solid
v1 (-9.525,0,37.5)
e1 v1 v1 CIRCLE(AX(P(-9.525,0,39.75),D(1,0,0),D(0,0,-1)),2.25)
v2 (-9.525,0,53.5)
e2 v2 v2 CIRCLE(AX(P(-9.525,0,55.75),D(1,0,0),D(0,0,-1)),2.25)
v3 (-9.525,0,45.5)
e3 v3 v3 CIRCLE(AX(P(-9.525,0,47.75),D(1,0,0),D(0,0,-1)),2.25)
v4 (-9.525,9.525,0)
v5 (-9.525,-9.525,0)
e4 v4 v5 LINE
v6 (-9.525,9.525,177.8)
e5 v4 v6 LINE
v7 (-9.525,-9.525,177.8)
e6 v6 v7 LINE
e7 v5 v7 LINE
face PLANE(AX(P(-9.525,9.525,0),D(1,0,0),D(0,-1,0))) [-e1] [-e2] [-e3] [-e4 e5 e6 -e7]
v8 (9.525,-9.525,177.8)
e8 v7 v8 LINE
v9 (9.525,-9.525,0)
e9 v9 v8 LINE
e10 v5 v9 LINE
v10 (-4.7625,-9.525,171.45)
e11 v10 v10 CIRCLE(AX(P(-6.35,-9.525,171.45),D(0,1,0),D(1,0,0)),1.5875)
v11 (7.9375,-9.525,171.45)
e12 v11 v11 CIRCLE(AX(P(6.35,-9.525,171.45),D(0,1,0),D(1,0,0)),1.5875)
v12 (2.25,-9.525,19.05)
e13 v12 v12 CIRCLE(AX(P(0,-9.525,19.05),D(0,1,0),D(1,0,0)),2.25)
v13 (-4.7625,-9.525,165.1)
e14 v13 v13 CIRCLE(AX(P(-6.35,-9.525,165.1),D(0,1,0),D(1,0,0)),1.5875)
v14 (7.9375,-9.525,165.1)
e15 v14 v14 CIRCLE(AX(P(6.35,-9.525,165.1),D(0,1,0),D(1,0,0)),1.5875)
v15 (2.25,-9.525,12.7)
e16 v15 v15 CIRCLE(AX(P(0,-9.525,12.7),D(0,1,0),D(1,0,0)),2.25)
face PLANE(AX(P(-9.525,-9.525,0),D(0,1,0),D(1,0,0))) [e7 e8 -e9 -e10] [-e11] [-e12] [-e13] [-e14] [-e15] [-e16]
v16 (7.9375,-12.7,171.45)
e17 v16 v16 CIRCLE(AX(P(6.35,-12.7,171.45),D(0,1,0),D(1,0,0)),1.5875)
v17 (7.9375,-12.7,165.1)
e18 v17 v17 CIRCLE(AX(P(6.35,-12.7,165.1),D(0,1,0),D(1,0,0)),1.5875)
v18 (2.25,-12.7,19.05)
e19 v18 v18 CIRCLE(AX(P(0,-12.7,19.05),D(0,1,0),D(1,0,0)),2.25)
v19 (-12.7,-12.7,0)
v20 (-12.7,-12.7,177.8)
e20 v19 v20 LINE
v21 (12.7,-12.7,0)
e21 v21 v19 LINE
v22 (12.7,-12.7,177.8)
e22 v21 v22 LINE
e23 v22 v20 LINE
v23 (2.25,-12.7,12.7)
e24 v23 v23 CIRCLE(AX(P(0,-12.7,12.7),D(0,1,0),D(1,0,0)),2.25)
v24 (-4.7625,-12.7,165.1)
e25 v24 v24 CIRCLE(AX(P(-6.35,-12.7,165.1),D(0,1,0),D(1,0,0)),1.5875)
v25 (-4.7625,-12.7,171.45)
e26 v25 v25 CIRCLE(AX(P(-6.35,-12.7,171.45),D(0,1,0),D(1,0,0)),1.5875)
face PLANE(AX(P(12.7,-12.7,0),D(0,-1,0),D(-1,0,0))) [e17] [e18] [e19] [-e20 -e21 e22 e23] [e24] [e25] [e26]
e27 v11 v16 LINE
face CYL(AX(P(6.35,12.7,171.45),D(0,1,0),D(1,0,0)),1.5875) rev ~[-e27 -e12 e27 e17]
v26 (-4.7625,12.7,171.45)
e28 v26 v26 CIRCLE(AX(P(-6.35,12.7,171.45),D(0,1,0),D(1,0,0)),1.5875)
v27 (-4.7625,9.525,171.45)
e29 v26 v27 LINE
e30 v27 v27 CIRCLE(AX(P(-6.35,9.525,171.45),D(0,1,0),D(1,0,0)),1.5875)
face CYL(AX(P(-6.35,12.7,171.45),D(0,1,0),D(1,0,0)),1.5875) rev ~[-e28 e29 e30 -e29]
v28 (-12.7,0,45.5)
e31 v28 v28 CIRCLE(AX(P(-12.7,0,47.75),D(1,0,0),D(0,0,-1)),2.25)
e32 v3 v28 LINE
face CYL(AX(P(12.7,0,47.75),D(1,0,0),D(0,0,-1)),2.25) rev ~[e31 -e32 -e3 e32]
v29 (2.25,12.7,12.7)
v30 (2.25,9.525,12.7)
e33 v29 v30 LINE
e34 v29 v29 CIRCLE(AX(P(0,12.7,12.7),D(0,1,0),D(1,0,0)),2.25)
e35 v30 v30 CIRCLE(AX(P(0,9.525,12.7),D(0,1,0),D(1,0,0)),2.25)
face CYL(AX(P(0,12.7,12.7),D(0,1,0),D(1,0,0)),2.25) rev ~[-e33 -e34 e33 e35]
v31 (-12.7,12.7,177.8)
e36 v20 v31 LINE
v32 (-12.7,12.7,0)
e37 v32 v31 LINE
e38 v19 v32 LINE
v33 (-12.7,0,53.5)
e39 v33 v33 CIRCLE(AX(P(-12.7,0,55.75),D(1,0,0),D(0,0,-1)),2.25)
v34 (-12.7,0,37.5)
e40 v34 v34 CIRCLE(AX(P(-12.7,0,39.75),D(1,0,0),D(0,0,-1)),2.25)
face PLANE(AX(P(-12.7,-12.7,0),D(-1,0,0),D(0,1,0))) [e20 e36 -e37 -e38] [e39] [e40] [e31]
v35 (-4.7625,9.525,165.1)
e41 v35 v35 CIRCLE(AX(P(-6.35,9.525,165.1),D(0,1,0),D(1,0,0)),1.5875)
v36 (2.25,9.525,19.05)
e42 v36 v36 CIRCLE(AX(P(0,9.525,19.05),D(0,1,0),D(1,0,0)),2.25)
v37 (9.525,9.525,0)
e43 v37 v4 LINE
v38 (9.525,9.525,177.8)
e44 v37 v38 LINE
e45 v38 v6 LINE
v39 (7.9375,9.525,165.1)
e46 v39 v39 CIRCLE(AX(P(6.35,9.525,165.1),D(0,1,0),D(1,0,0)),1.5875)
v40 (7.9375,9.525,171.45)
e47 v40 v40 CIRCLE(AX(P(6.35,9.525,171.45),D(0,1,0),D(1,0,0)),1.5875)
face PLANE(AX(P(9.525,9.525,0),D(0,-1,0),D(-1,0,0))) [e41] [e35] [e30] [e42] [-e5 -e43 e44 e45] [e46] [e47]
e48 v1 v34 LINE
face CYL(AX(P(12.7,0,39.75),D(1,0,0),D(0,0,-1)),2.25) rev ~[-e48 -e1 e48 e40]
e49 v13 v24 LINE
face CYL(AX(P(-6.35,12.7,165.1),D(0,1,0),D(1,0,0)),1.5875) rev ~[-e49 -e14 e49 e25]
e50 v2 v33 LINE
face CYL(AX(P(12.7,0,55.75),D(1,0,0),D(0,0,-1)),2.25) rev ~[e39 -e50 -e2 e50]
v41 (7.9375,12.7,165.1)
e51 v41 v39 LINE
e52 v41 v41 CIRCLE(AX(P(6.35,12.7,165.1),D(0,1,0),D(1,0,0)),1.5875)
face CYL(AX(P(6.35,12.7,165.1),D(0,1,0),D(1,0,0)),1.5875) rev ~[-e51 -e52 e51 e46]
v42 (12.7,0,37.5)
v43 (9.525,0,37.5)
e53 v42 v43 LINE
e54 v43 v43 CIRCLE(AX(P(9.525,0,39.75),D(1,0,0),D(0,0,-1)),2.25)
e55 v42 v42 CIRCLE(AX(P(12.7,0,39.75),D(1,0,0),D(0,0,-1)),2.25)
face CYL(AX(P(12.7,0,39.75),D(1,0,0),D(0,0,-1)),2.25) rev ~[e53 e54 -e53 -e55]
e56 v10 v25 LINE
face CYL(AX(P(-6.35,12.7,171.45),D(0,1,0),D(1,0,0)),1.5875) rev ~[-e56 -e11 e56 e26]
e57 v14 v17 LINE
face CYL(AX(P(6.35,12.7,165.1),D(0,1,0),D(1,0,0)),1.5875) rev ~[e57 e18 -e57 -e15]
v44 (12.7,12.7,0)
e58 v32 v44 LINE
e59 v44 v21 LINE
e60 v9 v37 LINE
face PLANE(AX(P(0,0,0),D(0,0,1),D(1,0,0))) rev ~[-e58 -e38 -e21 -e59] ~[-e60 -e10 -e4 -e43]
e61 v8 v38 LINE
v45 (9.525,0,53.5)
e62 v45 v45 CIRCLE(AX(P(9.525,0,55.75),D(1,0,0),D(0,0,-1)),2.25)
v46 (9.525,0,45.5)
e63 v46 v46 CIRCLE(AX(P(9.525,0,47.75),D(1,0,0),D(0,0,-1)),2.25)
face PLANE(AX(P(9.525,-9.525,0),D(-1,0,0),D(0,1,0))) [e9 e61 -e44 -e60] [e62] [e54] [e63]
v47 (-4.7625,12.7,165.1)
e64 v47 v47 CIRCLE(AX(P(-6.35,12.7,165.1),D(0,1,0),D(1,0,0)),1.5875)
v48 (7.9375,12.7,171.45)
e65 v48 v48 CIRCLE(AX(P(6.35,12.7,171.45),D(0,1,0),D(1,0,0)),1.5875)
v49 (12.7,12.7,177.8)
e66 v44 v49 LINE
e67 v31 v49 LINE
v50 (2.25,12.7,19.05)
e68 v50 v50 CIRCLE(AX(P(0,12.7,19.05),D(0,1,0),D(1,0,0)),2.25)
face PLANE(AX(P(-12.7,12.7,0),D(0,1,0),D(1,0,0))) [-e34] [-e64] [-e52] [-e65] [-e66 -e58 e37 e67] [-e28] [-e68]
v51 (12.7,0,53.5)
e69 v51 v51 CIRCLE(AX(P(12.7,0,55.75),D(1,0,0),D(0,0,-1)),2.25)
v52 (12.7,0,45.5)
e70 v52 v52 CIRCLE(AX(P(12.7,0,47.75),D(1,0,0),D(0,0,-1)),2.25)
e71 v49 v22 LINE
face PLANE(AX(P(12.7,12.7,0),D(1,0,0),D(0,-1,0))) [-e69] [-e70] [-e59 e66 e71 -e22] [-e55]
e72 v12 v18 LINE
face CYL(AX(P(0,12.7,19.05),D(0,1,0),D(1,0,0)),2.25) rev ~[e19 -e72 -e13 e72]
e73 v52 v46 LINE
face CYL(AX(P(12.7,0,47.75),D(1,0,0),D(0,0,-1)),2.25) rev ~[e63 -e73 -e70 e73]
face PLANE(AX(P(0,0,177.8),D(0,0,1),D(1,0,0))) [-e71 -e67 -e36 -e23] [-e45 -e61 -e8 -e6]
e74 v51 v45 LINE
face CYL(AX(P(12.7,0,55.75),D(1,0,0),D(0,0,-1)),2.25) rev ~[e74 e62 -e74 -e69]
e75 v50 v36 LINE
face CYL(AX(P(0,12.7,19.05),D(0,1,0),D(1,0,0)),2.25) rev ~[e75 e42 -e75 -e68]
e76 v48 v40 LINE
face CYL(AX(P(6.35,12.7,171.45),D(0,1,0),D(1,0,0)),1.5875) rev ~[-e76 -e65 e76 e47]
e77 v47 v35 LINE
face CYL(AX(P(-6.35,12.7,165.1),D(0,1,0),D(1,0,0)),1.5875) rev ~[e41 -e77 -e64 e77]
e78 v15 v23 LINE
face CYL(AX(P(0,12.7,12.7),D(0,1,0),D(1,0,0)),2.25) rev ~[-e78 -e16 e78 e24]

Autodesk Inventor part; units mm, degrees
ref_plane "YZ Plane" through (0, 0, 0) normal (1, 0, 0) x (0, 1, 0)
ref_plane "XZ Plane" through (0, 0, 0) normal (0, 1, 0) x (-1, 0, 0)
ref_plane "XY Plane" through (0, 0, 0) normal (0, 0, 1) x (1, 0, 0)
sketch "Sketch1" plane through (0, 0, 0) normal (0, 0, 1) x (1, 0, 0)
  line L0 (12.7, -12.7) -> (-12.7, -12.7)
  line L1 (-12.7, -12.7) -> (-12.7, 12.7)
  line L2 (-12.7, 12.7) -> (12.7, 12.7)
  line L3 (12.7, 12.7) -> (12.7, -12.7)
  line L4 (12.7, -12.7) -> (-12.7, 12.7) construction
  line L5 (-12.7, -12.7) -> (12.7, 12.7) construction
  line L6 (9.525, 9.525) -> (-9.525, 9.525)
  line L7 (-9.525, 9.525) -> (-9.525, -9.525)
  line L8 (-9.525, -9.525) -> (9.525, -9.525)
  line L9 (9.525, -9.525) -> (9.525, 9.525)
  point P0 (0, 0)
  dimension "d0" = 25.4
  dimension "d1" = 25.4
  dimension "d2" = 3.175
extrude "Extrusion1" add sketch "Sketch1" along normal blind 177.8
sketch "Sketch2" plane through (12.7, -12.7, 0) normal (1, 0, 0) x (0, 0, -1)
  line L0 (0, 0) -> (0, 25.4) construction
  line L1 (0, 25.4) -> (-177.8, 25.4) construction
  line L2 (-177.8, 0) -> (-177.8, 25.4) construction
  line L3 (0, 0) -> (-177.8, 0) construction
  line L4 (-177.8, 22.225) -> (-177.8, 3.175) construction
  line L5 (-177.8, 12.7) -> (0, 12.7) construction
  line L6 (-31.75, 25.4) -> (-31.75, 0) construction
  circle A0 centre (-39.75, 12.7) radius 2.25
  circle A1 centre (-47.75, 12.7) radius 2.25
  circle A2 centre (-55.75, 12.7) radius 2.25
  dimension "d5" = 31.75
  dimension "d6" = 4.5
  dimension "d7" = 8
  dimension "d8" = 4.5
  dimension "d9" = 8
  dimension "d10" = 4.5
  dimension "d11" = 8
extrude "Extrusion2" cut sketch "Sketch2" against normal through all
sketch "Sketch3" plane through (-12.7, 12.7, 0) normal (0, 1, 0) x (1, 0, 0)
  line L0 (12.7, 0) -> (12.7, -177.7213) construction
  circle A0 centre (12.7, -12.7) radius 2.25
  circle A1 centre (12.7, -19.05) radius 2.25
  line L1 (25.4, 0) -> (0, 0) projected
  dimension "d14" = 4.5
  dimension "d15" = 4.5
  dimension "d16" = 12.7
  dimension "d17" = 6.35
extrude "Extrusion3" cut sketch "Sketch3" against normal blind 25.4
sketch "Sketch4" plane through (-12.7, 12.7, 0) normal (0, 1, 0) x (1, 0, 0)
  line L0 (12.7, 0) -> (12.7, -177.8) construction
  line L1 (3.175, -177.8) -> (22.225, -177.8) construction
  circle A0 centre (6.35, -171.45) radius 1.5875
  line L2 (0, 0) -> (0, -177.8) projected
  circle A1 centre (19.05, -171.45) radius 1.5875
  line L3 (25.4, 0) -> (25.4, -177.8) projected
  circle A2 centre (6.35, -165.1) radius 1.5875
  circle A3 centre (19.05, -165.1) radius 1.5875
  dimension "d20" = 3.175
  dimension "d21" = 6.35
  dimension "d22" = 6.35
  dimension "d23" = 3.175
  dimension "d24" = 6.35
  dimension "d25" = 6.35
  dimension "d26" = 3.175
  dimension "d27" = 6.35
  dimension "d28" = 6.35
  dimension "d29" = 3.175
  dimension "d30" = 6.35
  dimension "d31" = 6.35
extrude "Extrusion4" cut sketch "Sketch4" against normal through all
properties part number "CS_Climb_Inner_Tube"
